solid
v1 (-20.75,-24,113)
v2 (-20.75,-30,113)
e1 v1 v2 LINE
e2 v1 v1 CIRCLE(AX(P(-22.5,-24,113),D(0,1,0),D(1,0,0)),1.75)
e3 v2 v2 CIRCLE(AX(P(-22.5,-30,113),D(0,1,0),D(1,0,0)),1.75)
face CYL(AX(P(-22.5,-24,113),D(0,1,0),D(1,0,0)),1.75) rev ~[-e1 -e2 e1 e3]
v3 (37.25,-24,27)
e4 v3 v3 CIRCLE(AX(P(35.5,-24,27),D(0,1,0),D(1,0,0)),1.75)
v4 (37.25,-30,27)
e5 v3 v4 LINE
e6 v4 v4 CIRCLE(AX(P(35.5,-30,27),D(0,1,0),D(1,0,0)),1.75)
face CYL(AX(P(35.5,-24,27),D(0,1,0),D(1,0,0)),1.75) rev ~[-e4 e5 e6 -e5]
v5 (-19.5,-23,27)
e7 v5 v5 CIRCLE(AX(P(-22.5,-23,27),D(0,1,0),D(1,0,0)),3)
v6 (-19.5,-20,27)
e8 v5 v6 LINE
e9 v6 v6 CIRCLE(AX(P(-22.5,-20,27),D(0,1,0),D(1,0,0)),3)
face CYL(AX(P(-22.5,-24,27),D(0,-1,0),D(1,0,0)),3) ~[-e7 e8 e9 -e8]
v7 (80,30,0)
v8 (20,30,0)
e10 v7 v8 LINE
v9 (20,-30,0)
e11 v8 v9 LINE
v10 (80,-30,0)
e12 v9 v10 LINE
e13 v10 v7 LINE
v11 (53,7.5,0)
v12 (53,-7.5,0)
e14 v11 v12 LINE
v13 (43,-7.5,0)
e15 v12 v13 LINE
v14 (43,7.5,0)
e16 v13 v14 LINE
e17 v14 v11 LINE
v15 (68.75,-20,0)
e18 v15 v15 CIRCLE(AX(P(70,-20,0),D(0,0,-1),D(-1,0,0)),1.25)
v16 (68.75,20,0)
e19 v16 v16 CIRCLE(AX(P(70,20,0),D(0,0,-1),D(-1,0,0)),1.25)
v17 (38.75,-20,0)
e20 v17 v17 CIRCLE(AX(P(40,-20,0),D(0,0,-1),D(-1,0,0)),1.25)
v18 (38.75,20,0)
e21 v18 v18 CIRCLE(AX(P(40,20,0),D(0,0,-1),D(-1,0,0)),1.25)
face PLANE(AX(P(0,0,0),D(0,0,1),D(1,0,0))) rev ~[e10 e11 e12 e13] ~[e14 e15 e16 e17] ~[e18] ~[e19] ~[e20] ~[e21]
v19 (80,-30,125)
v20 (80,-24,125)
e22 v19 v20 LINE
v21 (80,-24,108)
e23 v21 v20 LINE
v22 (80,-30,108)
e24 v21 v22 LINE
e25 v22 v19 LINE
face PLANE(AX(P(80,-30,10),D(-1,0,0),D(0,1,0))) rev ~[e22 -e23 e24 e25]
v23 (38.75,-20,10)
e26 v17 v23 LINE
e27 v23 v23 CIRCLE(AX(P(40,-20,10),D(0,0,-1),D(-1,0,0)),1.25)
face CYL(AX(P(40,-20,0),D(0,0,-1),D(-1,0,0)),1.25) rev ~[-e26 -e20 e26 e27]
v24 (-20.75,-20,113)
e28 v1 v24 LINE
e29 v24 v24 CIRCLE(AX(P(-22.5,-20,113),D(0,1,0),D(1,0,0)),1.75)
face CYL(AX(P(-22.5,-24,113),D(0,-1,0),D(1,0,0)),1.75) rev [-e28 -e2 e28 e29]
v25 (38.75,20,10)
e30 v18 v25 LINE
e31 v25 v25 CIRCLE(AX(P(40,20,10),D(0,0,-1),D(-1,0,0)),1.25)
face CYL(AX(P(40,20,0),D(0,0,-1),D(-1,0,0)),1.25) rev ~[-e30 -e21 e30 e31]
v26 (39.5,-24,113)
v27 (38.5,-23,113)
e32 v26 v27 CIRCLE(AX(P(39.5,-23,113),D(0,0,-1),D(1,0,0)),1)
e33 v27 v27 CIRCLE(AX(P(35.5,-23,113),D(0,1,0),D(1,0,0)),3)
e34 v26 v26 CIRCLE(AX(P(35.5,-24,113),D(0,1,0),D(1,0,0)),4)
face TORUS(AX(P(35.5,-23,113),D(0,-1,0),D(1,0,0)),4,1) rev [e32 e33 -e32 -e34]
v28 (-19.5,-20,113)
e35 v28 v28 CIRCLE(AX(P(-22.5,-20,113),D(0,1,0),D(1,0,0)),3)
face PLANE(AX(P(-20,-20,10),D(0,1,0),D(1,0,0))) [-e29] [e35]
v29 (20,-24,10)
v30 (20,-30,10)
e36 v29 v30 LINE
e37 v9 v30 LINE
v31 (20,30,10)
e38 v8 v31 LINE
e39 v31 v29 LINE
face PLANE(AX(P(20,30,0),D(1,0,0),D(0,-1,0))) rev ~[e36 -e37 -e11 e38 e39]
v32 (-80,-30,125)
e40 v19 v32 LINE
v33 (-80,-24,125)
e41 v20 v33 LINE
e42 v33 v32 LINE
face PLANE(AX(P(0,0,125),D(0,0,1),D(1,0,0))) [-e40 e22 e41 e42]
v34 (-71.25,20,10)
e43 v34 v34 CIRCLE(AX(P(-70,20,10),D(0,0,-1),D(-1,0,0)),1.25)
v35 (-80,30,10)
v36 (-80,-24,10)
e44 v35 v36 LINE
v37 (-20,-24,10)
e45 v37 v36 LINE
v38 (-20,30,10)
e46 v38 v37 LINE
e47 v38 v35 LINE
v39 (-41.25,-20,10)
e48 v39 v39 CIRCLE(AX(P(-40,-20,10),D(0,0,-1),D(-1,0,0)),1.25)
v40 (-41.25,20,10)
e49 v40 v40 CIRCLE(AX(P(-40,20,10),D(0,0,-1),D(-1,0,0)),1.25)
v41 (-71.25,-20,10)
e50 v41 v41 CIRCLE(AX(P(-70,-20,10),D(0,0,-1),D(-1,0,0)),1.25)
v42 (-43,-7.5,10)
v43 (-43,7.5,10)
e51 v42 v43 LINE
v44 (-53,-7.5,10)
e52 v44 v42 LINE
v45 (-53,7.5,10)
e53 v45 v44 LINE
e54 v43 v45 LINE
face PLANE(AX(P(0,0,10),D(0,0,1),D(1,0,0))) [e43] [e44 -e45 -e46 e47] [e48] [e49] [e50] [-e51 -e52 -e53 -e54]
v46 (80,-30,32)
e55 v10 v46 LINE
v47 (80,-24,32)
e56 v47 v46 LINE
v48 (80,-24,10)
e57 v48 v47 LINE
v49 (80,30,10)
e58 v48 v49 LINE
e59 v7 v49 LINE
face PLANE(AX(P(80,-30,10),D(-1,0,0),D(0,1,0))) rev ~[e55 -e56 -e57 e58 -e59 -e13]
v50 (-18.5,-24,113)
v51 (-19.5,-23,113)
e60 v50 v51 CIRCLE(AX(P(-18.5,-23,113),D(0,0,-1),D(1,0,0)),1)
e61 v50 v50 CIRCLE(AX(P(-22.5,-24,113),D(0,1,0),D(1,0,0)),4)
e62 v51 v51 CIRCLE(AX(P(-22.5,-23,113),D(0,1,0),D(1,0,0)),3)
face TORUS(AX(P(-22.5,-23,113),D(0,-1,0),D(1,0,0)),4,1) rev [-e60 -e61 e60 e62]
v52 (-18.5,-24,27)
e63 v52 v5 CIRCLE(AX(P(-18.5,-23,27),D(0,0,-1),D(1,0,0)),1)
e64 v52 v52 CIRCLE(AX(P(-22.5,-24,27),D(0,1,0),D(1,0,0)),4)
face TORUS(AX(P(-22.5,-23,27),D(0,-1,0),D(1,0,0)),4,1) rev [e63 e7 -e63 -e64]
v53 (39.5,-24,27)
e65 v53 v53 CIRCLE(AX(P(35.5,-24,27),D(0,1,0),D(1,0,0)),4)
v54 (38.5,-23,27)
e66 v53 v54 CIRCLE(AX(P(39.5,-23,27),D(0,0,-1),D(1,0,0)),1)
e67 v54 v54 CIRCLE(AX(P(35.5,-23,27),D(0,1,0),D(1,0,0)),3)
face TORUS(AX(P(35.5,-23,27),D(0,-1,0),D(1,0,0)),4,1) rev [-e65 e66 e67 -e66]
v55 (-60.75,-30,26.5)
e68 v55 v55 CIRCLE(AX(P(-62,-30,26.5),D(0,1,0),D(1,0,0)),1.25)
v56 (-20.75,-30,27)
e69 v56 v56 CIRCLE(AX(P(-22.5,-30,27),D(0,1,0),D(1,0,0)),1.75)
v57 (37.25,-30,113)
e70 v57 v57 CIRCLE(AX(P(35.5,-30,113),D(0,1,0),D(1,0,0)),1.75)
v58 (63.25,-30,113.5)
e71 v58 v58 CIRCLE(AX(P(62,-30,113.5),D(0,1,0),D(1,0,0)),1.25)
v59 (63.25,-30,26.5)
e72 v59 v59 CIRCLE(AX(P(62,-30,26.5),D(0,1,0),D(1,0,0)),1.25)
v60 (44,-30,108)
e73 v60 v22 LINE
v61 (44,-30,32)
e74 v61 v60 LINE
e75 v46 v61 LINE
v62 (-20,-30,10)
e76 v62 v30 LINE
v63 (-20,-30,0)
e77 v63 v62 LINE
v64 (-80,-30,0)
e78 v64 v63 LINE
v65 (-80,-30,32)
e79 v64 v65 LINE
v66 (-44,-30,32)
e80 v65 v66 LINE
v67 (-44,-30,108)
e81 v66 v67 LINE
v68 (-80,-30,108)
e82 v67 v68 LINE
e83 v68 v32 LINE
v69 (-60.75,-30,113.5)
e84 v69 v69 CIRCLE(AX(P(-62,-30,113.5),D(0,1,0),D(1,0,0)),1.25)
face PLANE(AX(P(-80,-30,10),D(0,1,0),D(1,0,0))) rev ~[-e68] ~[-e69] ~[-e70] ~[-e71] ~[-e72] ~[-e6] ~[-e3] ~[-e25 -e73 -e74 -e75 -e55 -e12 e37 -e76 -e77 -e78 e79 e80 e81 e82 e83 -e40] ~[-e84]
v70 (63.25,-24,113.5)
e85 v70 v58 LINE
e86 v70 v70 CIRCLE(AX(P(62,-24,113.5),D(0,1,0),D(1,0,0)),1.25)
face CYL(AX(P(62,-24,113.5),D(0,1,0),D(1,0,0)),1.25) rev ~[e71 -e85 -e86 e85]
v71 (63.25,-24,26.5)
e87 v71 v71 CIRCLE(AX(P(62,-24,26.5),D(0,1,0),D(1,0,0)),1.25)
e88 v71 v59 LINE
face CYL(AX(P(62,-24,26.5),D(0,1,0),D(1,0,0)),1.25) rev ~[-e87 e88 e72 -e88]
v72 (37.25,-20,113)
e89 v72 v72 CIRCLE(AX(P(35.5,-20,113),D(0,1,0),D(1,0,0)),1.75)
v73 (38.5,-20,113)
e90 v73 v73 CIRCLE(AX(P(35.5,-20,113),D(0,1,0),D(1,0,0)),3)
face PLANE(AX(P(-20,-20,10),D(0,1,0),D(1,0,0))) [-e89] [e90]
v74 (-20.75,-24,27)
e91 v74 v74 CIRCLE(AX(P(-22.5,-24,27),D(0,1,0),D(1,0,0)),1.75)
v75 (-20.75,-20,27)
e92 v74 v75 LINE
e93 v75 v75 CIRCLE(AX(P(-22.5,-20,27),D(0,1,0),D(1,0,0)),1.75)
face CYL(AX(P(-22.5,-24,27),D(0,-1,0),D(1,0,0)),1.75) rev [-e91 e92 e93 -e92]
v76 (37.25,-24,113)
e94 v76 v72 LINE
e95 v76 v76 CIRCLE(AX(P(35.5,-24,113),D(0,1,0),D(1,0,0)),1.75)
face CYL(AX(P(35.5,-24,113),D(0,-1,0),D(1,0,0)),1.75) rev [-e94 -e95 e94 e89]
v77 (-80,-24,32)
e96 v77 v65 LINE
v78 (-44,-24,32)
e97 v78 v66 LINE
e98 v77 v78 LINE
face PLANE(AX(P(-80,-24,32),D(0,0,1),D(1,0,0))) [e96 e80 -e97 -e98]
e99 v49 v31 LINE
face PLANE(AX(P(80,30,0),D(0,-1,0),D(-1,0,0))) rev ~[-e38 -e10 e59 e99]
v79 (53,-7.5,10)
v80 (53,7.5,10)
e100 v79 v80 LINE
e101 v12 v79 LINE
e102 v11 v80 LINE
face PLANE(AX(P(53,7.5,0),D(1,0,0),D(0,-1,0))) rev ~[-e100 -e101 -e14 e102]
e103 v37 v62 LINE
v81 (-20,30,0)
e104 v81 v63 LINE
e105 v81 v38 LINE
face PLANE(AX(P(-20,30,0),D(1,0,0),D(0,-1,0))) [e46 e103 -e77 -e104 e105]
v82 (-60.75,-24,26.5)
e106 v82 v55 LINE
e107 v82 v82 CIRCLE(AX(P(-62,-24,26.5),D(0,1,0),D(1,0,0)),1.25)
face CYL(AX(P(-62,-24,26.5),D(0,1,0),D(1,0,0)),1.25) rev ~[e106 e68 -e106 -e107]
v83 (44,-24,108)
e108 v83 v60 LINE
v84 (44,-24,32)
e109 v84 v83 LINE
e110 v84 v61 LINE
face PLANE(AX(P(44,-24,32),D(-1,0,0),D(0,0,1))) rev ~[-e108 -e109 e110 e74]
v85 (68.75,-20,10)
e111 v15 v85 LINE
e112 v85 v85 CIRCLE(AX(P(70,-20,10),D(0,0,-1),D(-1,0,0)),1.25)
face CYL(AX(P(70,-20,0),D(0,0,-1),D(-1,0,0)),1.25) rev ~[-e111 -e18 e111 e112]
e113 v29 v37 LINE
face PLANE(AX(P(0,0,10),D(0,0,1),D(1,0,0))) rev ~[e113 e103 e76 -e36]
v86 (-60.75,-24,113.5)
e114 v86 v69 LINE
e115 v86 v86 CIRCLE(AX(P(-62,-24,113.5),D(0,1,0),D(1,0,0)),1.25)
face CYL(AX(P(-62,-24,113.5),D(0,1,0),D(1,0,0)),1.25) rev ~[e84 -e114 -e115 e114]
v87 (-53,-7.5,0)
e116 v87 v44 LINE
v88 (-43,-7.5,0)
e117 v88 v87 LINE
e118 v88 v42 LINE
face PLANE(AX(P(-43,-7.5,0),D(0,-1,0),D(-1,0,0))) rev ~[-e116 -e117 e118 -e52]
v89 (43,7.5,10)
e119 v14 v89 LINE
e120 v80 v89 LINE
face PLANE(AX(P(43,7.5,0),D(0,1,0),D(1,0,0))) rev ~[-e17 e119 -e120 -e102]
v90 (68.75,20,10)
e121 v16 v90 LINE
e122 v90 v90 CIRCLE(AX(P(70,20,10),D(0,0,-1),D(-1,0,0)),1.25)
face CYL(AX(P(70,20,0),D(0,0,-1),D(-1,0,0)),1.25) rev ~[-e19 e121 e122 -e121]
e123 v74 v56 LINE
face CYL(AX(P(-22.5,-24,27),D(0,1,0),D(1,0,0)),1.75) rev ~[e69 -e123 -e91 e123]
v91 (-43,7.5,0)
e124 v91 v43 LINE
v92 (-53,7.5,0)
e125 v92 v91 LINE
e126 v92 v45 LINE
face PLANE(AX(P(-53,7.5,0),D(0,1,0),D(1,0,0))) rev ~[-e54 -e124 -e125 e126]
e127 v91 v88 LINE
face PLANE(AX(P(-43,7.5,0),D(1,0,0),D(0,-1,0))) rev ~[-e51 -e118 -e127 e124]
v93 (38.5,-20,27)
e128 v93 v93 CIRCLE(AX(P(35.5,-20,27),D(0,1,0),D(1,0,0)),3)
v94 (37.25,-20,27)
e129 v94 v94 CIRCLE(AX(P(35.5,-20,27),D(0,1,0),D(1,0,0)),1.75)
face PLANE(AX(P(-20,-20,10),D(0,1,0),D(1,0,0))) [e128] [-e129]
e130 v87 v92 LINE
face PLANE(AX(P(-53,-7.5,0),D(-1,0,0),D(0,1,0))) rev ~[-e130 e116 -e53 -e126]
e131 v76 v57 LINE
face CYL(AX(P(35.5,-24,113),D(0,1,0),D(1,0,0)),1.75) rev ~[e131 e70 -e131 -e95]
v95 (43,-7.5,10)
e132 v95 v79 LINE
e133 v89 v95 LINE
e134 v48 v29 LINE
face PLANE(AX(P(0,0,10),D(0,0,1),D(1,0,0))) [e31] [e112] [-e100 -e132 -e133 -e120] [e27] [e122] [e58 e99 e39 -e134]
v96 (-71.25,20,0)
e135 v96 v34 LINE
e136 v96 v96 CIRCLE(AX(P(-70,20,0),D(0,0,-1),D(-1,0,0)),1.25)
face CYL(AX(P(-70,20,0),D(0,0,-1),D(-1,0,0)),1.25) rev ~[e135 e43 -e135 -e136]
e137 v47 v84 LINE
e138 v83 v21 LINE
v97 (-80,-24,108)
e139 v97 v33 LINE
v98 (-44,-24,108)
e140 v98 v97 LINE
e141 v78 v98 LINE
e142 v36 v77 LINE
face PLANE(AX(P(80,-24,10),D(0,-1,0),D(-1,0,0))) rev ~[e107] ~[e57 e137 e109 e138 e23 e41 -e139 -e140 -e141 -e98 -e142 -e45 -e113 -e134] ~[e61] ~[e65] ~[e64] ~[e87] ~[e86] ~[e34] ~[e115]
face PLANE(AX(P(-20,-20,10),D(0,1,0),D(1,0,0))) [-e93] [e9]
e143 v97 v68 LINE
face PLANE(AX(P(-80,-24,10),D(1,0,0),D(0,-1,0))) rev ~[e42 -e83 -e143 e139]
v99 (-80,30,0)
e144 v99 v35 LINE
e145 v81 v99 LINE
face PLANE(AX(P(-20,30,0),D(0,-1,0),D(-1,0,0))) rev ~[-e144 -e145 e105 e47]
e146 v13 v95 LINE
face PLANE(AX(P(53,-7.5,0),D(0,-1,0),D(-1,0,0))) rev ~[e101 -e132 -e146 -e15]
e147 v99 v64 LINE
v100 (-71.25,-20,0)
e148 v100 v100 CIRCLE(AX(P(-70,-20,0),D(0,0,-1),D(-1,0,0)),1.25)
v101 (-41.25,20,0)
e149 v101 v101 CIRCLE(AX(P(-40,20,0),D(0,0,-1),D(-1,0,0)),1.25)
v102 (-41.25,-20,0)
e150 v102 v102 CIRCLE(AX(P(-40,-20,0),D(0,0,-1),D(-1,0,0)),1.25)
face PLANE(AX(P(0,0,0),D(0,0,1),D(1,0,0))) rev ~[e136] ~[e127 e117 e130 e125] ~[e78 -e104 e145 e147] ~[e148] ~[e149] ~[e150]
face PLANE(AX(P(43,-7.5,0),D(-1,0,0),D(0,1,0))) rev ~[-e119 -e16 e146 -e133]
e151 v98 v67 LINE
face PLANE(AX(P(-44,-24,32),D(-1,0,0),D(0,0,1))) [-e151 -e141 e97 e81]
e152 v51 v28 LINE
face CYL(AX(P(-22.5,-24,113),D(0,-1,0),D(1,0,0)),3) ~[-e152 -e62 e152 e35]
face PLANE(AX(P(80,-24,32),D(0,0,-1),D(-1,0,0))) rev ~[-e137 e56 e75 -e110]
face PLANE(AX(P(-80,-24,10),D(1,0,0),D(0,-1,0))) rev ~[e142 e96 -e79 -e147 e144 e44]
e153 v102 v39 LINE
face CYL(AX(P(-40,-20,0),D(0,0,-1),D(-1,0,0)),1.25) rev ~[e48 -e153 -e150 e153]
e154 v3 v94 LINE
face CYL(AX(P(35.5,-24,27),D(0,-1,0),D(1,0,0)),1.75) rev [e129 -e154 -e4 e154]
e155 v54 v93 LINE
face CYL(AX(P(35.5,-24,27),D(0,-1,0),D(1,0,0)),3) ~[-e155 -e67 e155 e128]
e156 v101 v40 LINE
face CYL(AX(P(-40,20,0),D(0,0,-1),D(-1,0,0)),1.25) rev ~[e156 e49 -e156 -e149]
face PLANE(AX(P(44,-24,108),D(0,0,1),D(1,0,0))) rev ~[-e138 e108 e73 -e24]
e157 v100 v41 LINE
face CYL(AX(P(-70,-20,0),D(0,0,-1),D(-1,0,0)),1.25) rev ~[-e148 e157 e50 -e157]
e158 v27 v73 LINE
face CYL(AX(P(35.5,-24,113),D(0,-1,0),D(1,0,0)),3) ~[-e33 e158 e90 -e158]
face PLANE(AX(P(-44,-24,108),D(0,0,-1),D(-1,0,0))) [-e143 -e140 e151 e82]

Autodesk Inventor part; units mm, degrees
ref_plane "YZ Plane" through (0, 0, 0) normal (1, 0, 0) x (0, 1, 0)
ref_plane "XZ Plane" through (0, 0, 0) normal (0, 1, 0) x (-1, 0, 0)
ref_plane "XY Plane" through (0, 0, 0) normal (0, 0, 1) x (1, 0, 0)
sketch "Sketch1" plane through (0, 0, 0) normal (0, 0, 1) x (1, 0, 0)
  line L0 (80, 30) -> (-80, 30)
  line L1 (-80, 30) -> (-80, -30)
  line L2 (-80, -30) -> (80, -30)
  line L3 (80, -30) -> (80, 30)
  line L4 (80, 30) -> (-80, -30) construction
  line L5 (-80, 30) -> (80, -30) construction
  line L6 (-20, -30) -> (-80, -30)
  line L7 (-80, -30) -> (-80, 30)
  line L8 (-80, 30) -> (-20, 30)
  line L9 (-20, 30) -> (-20, -30)
  line L10 (-20, -30) -> (-80, 30) construction
  line L11 (-80, -30) -> (-20, 30) construction
  line L12 (20, -30) -> (80, -30)
  line L13 (80, -30) -> (80, 30)
  line L14 (80, 30) -> (20, 30)
  line L15 (20, 30) -> (20, -30)
  line L16 (20, -30) -> (80, 30) construction
  line L17 (80, -30) -> (20, 30) construction
  line L18 (0, 30) -> (0, -30) construction
  point P0 (0, 0)
  point P1 (-50, 0)
  point P2 (50, 0)
  point P3 (20, 30)
  point P4 (20, -30)
  point P5 (-20, -30)
  point P6 (-20, 30)
  dimension "d0" = 160
  dimension "d1" = 60
  dimension "d2" = 40
extrude "Extrusion1" add sketch "Sketch1" along normal blind 10 contours L3 L2 L15 L0 | L9 L2 L1 L0
sketch "Sketch2" plane through (0, 0, 10) normal (0, 0, 1) x (1, 0, 0)
  line L0 (-80, -30) -> (-20, -30) projected
  line L1 (80, -24) -> (-80, -24)
  line L2 (-80, -24) -> (-80, -30)
  line L3 (-80, -30) -> (80, -30)
  line L4 (80, -30) -> (80, -24)
  line L5 (80, -24) -> (-80, -30) construction
  line L6 (-80, -24) -> (80, -30) construction
  line L7 (80, -30) -> (80, 30) projected
  point P0 (0, 0)
  point P1 (0, -27)
  dimension "d5" = 6
extrude "Extrusion2" add sketch "Sketch2" along normal blind 115
sketch "Sketch3" plane through (0, 0, 0) normal (0, 0, -1) x (-1, 0, 0)
  line L0 (53, 7.5) -> (43, 7.5)
  line L1 (43, 7.5) -> (43, -7.5)
  line L2 (43, -7.5) -> (53, -7.5)
  line L3 (53, -7.5) -> (53, 7.5)
  line L4 (53, 7.5) -> (43, -7.5) construction
  line L5 (43, 7.5) -> (53, -7.5) construction
  line L6 (-43, 7.5) -> (-53, 7.5)
  line L7 (-53, 7.5) -> (-53, -7.5)
  line L8 (-53, -7.5) -> (-43, -7.5)
  line L9 (-43, -7.5) -> (-43, 7.5)
  line L10 (-43, 7.5) -> (-53, -7.5) construction
  line L11 (-53, 7.5) -> (-43, -7.5) construction
  line L12 (80, -30) -> (-80, -30) construction
  line L13 (0, -30) -> (0, 0) construction
  point P0 (48, 0)
  point P1 (-48, 0)
  point P2 (48, 0)
  dimension "d8" = 10
  dimension "d9" = 15
  dimension "d10" = 48
extrude "Extrusion3" cut sketch "Sketch3" against normal through all
sketch "Sketch4" plane through (0, 0, 0) normal (0, 0, -1) x (-1, 0, 0)
  line L0 (-70, -20) -> (70, -20) construction
  line L1 (70, -20) -> (70, 20) construction
  line L2 (70, 20) -> (-70, 20) construction
  line L3 (-70, 20) -> (-70, -20) construction
  line L4 (-70, -20) -> (70, 20) construction
  line L5 (70, -20) -> (-70, 20) construction
  circle A0 centre (70, 20) radius 1.25
  circle A1 centre (-70, 20) radius 1.25
  circle A2 centre (-70, -20) radius 1.25
  circle A3 centre (70, -20) radius 1.25
  line L6 (40, -20) -> (-40, -20) construction
  line L7 (-40, -20) -> (-40, 20) construction
  line L8 (-40, 20) -> (40, 20) construction
  line L9 (40, 20) -> (40, -20) construction
  line L10 (40, -20) -> (-40, 20) construction
  line L11 (-40, -20) -> (40, 20) construction
  circle A4 centre (-40, 20) radius 1.25
  circle A5 centre (-40, -20) radius 1.25
  circle A6 centre (40, 20) radius 1.25
  circle A7 centre (40, -20) radius 1.25
  point P0 (0, 0)
  dimension "d13" = 140
  dimension "d14" = 40
  dimension "d16" = 2.5
  dimension "d54" = 80
extrude "Extrusion4" cut sketch "Sketch4" against normal through all
sketch "Sketch5" plane through (-20, -24, 10) normal (0, 1, 0) x (1, 0, 0)
  line L0 (59.5, -13) -> (-19.5, -13) construction
  line L1 (-19.5, -13) -> (-19.5, -113) construction
  line L2 (-19.5, -113) -> (59.5, -113) construction
  line L3 (59.5, -113) -> (59.5, -13) construction
  line L4 (59.5, -13) -> (-19.5, -113) construction
  line L5 (-19.5, -13) -> (59.5, -113) construction
  line L6 (100, -115) -> (-60, -115) construction
  line L7 (55.5, -17) -> (-2.5, -17) construction
  line L8 (-2.5, -17) -> (-2.5, -103) construction
  line L9 (-2.5, -103) -> (55.5, -103) construction
  line L10 (55.5, -103) -> (55.5, -17) construction
  line L11 (55.5, -17) -> (-2.5, -103) construction
  line L12 (-2.5, -17) -> (55.5, -103) construction
  circle A0 centre (-2.5, -17) radius 1.75
  circle A1 centre (55.5, -17) radius 1.75
  circle A2 centre (-2.5, -103) radius 1.75
  circle A3 centre (55.5, -103) radius 1.75
  line L13 (-60, -22) -> (-24, -22)
  line L14 (-24, -22) -> (-24, -98)
  line L15 (-24, -98) -> (-60, -98)
  line L16 (-60, -98) -> (-60, -22)
  line L17 (-60, -22) -> (-24, -98) construction
  line L18 (-24, -22) -> (-60, -98) construction
  line L19 (100, -22) -> (64, -22)
  line L20 (64, -22) -> (64, -98)
  line L21 (64, -98) -> (100, -98)
  line L22 (100, -98) -> (100, -22)
  line L23 (100, -22) -> (64, -98) construction
  line L24 (64, -22) -> (100, -98) construction
  line L25 (20, 10) -> (20, -115) construction
  line L26 (-60, 0) -> (-60, -115) construction
  circle A4 centre (-42, -16.5) radius 1.25
  circle A5 centre (-42, -103.5) radius 1.25
  circle A6 centre (82, -16.5) radius 1.25
  circle A7 centre (82, -103.5) radius 1.25
  line L27 (-60, 10) -> (-60, -115) construction
  line L28 (0, 0) -> (-60, 0) projected
  circle A8 centre (-2.5, -17) radius 3
  circle A9 centre (55.5, -17) radius 3
  circle A10 centre (-2.5, -103) radius 3
  circle A11 centre (55.5, -103) radius 3
  point P0 (20, -63)
  point P1 (20, -63)
  point P2 (26.5, -60)
  point P3 (20, -63)
  point P4 (26.5, -60)
  point P5 (-42, -60)
  point P6 (82, -60)
  point P7 (-42, -60)
  point P8 (82, -60)
  point P9 (-42, -60)
  point P10 (82, -60)
  dimension "d20" = 79
  dimension "d21" = 100
  dimension "d22" = 58
  dimension "d23" = 86
  dimension "d26" = 4
  dimension "d27" = 4
  dimension "d28" = 3.5
  dimension "d31" = 36
  dimension "d32" = 76
  dimension "d36" = 2.5
  dimension "d39" = 13
  dimension "d42" = 4.5
  dimension "d45" = 6
  dimension "d50" = 43.5
  dimension "d51" = 43.5
  dimension "d52" = 55
extrude "Extrusion5" cut sketch "Sketch5" against normal through all contours A0 | A1 | A2 | A3
extrude "Extrusion6" cut sketch "Sketch5" against normal through all contours L13 L14 L15 L16 | L22 L21 L20 L19
extrude "Extrusion7" cut sketch "Sketch5" against normal through all contours A4 | A5 | A6 | A7
extrude "Extrusion8" add sketch "Sketch5" along normal blind 4 contours A8 | A9 | A10 | A11
fillet "Fillet1" radius 1 4 edges at (-25.5, -24, 27) (32.5, -24, 27) (-25.5, -24, 113) (32.5, -24, 113)
properties part number "electrical_system_fix_board"
